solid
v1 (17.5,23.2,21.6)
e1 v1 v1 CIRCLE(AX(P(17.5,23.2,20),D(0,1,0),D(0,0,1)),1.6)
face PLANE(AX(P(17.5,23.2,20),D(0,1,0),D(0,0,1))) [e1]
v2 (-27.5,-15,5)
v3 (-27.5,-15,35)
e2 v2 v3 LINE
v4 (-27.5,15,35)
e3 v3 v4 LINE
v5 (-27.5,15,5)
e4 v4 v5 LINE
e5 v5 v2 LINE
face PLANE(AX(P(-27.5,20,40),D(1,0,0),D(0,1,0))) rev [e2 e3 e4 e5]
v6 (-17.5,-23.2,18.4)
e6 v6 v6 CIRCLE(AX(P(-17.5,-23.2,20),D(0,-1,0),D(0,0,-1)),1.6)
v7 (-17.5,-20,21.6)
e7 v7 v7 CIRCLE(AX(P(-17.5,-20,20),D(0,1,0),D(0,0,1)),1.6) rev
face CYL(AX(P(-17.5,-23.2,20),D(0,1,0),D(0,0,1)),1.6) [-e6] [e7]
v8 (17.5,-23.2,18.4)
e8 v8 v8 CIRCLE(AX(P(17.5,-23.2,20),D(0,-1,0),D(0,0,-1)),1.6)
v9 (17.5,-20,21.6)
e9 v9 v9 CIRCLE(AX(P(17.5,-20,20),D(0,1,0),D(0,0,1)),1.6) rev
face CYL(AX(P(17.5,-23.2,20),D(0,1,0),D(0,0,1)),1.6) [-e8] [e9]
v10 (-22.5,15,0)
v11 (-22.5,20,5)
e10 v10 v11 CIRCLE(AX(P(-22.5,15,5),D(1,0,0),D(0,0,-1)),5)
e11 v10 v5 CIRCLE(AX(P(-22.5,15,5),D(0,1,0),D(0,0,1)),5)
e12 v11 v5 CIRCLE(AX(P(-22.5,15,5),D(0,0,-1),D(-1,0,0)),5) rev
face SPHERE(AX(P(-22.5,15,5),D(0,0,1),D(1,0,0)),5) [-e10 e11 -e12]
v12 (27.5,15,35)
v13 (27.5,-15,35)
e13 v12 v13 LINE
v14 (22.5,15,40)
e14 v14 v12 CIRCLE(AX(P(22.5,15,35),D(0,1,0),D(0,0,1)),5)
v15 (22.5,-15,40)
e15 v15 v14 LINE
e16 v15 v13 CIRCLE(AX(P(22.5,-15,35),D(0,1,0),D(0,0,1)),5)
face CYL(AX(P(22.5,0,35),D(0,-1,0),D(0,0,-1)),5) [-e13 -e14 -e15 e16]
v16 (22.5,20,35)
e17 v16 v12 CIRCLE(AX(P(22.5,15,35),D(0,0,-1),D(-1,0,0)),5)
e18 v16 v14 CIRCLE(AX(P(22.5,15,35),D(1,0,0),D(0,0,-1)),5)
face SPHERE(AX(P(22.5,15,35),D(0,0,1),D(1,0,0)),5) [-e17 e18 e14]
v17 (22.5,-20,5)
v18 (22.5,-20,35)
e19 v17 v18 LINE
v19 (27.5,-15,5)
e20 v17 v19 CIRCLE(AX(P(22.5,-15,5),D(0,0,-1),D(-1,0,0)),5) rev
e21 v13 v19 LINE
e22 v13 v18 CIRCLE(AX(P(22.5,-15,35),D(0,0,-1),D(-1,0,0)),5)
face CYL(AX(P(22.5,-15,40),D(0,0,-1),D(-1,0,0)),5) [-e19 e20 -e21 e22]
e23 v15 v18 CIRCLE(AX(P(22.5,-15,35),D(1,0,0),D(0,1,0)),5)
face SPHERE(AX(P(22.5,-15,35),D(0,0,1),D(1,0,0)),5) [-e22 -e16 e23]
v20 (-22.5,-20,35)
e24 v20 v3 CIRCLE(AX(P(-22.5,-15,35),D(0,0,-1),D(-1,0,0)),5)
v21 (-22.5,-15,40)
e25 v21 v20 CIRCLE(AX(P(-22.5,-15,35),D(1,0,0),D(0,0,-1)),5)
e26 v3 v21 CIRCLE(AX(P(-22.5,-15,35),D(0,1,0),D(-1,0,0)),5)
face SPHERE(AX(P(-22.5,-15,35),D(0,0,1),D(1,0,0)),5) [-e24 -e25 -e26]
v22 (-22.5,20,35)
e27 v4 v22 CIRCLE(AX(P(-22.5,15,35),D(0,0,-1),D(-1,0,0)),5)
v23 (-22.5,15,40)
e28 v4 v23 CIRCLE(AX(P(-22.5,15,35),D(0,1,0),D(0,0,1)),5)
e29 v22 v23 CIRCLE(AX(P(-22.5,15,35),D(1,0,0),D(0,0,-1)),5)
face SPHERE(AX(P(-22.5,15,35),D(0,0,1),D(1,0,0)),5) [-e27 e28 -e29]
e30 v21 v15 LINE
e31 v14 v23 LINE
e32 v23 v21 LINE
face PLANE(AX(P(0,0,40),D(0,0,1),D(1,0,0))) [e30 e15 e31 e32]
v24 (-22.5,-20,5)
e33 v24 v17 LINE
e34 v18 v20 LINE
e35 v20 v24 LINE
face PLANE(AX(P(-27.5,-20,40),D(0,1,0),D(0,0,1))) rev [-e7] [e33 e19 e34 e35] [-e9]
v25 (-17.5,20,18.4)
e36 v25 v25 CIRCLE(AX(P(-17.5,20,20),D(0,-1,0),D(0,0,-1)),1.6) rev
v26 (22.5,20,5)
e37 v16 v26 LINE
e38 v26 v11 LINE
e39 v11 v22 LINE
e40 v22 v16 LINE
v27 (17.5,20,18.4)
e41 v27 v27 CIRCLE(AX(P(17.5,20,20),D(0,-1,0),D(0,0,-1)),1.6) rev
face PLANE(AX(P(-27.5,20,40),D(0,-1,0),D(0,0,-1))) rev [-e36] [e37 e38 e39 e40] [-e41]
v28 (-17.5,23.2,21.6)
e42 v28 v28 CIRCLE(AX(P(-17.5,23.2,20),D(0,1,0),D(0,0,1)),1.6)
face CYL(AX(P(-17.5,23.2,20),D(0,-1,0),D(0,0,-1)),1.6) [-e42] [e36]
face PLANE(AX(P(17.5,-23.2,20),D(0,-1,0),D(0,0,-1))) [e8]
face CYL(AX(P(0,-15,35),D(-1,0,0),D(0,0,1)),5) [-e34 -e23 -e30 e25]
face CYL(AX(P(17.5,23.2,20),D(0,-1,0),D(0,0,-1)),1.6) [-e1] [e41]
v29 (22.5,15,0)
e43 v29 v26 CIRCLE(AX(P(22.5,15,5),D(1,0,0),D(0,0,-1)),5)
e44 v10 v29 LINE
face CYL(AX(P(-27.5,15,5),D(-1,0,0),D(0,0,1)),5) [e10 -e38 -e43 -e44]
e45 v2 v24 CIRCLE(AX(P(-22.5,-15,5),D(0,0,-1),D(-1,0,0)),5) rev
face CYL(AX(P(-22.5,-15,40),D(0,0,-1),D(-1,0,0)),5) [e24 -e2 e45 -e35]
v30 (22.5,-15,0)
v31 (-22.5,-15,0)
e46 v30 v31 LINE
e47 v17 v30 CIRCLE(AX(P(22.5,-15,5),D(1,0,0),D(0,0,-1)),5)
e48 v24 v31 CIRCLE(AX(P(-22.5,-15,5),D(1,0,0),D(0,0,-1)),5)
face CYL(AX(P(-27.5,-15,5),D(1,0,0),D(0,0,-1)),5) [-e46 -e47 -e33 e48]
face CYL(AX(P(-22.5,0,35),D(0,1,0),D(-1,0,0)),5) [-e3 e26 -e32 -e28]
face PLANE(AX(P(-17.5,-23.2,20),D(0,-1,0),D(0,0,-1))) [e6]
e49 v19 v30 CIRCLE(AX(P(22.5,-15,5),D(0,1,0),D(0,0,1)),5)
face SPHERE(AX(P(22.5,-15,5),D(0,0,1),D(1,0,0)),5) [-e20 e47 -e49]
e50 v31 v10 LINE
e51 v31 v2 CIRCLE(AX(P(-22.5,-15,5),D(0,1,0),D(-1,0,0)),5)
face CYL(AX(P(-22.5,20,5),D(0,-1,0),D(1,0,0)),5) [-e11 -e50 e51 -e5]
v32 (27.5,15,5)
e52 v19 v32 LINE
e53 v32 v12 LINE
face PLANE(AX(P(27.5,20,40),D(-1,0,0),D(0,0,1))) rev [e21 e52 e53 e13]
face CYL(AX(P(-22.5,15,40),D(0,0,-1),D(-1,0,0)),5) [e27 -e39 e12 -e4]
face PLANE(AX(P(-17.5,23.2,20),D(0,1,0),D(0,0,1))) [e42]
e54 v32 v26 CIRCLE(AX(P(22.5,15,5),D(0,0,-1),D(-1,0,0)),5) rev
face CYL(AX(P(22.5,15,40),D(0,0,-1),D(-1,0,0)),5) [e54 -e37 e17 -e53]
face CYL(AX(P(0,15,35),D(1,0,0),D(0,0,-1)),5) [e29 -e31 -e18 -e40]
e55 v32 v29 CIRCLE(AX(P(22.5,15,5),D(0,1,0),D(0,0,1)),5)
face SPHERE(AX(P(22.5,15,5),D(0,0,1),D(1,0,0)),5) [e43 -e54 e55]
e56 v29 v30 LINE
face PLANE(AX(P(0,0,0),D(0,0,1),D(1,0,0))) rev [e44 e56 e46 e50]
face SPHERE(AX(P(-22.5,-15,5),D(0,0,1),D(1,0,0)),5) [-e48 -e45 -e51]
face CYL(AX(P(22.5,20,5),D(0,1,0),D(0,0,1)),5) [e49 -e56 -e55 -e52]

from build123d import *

# Parameters (mm, degrees)
SKETCH1_W           = 55
SKETCH1_H           = 40
BOSS_EXTRUDE1_DEPTH = 40
SKETCH2_R           = 1.6
BOSS_EXTRUDE2_DEPTH = 3.2
BOSS_EXTRUDE3_START = 3.2
SKETCH3_R           = 1.6
BOSS_EXTRUDE3_DEPTH = 3.2
FILLET2_R           = 5
FILLET3_R           = 5
FILLET4_R           = 5
FILLET5_R           = 5


with BuildPart() as part:
    # Sketch1 → Boss-Extrude1 (new body)
    with BuildSketch(Plane.XY):
        Rectangle(SKETCH1_W, SKETCH1_H)
    extrude(amount=BOSS_EXTRUDE1_DEPTH)

    # Sketch2 → Boss-Extrude2 (add)
    with BuildSketch(Plane(origin=(0, 20, 0), x_dir=(1, 0, 0), z_dir=(0, 1, 0))):
        with Locations(Location((-17.5, -20, 0), (0, 0, 90))):
            Circle(SKETCH2_R)
        with Locations(Location((17.5, -20, 0), (0, 0, 90))):
            Circle(SKETCH2_R)
    extrude(amount=BOSS_EXTRUDE2_DEPTH)

    # Sketch3 → Boss-Extrude3 (add)
    with BuildSketch(Plane.XZ.offset(20).offset(BOSS_EXTRUDE3_START)):
        with Locations(Location((-17.5, 20, 0), (0, 0, 270))):
            Circle(SKETCH3_R)
        with Locations(Location((17.5, 20, 0), (0, 0, 270))):
            Circle(SKETCH3_R)
    extrude(amount=-BOSS_EXTRUDE3_DEPTH)

    # Fillet2
    fillet2_edges = [part.edges().sort_by_distance(p)[0] for p in [
        (-27.5, -20, 20),
        (-27.5, 20, 20),
    ]]
    fillet(fillet2_edges, radius=FILLET2_R)

    # Fillet3
    fillet3_edges = [part.edges().sort_by_distance(p)[0] for p in [
        (27.5, -20, 20),
        (27.5, 20, 20),
    ]]
    fillet(fillet3_edges, radius=FILLET3_R)

    # Fillet4
    fillet4_edges = [part.edges().sort_by_distance(p)[0] for p in [
        (0, -20, 40),
        (-27.5, 0, 40),
        (-26.035533906, 18.535533906, 40),
        (-26.035533906, -18.535533906, 40),
        (27.5, 0, 40),
        (0, 20, 40),
        (26.035533906, 18.535533906, 40),
        (26.035533906, -18.535533906, 40),
    ]]
    fillet(fillet4_edges, radius=FILLET4_R)

    # Fillet5
    fillet5_edges = [part.edges().sort_by_distance(p)[0] for p in [
        (0, -20, 0),
        (-27.5, 0, 0),
        (-26.035533906, 18.535533906, 0),
        (-26.035533906, -18.535533906, 0),
        (27.5, 0, 0),
        (0, 20, 0),
        (26.035533906, 18.535533906, 0),
        (26.035533906, -18.535533906, 0),
    ]]
    fillet(fillet5_edges, radius=FILLET5_R)


solid = part.part
